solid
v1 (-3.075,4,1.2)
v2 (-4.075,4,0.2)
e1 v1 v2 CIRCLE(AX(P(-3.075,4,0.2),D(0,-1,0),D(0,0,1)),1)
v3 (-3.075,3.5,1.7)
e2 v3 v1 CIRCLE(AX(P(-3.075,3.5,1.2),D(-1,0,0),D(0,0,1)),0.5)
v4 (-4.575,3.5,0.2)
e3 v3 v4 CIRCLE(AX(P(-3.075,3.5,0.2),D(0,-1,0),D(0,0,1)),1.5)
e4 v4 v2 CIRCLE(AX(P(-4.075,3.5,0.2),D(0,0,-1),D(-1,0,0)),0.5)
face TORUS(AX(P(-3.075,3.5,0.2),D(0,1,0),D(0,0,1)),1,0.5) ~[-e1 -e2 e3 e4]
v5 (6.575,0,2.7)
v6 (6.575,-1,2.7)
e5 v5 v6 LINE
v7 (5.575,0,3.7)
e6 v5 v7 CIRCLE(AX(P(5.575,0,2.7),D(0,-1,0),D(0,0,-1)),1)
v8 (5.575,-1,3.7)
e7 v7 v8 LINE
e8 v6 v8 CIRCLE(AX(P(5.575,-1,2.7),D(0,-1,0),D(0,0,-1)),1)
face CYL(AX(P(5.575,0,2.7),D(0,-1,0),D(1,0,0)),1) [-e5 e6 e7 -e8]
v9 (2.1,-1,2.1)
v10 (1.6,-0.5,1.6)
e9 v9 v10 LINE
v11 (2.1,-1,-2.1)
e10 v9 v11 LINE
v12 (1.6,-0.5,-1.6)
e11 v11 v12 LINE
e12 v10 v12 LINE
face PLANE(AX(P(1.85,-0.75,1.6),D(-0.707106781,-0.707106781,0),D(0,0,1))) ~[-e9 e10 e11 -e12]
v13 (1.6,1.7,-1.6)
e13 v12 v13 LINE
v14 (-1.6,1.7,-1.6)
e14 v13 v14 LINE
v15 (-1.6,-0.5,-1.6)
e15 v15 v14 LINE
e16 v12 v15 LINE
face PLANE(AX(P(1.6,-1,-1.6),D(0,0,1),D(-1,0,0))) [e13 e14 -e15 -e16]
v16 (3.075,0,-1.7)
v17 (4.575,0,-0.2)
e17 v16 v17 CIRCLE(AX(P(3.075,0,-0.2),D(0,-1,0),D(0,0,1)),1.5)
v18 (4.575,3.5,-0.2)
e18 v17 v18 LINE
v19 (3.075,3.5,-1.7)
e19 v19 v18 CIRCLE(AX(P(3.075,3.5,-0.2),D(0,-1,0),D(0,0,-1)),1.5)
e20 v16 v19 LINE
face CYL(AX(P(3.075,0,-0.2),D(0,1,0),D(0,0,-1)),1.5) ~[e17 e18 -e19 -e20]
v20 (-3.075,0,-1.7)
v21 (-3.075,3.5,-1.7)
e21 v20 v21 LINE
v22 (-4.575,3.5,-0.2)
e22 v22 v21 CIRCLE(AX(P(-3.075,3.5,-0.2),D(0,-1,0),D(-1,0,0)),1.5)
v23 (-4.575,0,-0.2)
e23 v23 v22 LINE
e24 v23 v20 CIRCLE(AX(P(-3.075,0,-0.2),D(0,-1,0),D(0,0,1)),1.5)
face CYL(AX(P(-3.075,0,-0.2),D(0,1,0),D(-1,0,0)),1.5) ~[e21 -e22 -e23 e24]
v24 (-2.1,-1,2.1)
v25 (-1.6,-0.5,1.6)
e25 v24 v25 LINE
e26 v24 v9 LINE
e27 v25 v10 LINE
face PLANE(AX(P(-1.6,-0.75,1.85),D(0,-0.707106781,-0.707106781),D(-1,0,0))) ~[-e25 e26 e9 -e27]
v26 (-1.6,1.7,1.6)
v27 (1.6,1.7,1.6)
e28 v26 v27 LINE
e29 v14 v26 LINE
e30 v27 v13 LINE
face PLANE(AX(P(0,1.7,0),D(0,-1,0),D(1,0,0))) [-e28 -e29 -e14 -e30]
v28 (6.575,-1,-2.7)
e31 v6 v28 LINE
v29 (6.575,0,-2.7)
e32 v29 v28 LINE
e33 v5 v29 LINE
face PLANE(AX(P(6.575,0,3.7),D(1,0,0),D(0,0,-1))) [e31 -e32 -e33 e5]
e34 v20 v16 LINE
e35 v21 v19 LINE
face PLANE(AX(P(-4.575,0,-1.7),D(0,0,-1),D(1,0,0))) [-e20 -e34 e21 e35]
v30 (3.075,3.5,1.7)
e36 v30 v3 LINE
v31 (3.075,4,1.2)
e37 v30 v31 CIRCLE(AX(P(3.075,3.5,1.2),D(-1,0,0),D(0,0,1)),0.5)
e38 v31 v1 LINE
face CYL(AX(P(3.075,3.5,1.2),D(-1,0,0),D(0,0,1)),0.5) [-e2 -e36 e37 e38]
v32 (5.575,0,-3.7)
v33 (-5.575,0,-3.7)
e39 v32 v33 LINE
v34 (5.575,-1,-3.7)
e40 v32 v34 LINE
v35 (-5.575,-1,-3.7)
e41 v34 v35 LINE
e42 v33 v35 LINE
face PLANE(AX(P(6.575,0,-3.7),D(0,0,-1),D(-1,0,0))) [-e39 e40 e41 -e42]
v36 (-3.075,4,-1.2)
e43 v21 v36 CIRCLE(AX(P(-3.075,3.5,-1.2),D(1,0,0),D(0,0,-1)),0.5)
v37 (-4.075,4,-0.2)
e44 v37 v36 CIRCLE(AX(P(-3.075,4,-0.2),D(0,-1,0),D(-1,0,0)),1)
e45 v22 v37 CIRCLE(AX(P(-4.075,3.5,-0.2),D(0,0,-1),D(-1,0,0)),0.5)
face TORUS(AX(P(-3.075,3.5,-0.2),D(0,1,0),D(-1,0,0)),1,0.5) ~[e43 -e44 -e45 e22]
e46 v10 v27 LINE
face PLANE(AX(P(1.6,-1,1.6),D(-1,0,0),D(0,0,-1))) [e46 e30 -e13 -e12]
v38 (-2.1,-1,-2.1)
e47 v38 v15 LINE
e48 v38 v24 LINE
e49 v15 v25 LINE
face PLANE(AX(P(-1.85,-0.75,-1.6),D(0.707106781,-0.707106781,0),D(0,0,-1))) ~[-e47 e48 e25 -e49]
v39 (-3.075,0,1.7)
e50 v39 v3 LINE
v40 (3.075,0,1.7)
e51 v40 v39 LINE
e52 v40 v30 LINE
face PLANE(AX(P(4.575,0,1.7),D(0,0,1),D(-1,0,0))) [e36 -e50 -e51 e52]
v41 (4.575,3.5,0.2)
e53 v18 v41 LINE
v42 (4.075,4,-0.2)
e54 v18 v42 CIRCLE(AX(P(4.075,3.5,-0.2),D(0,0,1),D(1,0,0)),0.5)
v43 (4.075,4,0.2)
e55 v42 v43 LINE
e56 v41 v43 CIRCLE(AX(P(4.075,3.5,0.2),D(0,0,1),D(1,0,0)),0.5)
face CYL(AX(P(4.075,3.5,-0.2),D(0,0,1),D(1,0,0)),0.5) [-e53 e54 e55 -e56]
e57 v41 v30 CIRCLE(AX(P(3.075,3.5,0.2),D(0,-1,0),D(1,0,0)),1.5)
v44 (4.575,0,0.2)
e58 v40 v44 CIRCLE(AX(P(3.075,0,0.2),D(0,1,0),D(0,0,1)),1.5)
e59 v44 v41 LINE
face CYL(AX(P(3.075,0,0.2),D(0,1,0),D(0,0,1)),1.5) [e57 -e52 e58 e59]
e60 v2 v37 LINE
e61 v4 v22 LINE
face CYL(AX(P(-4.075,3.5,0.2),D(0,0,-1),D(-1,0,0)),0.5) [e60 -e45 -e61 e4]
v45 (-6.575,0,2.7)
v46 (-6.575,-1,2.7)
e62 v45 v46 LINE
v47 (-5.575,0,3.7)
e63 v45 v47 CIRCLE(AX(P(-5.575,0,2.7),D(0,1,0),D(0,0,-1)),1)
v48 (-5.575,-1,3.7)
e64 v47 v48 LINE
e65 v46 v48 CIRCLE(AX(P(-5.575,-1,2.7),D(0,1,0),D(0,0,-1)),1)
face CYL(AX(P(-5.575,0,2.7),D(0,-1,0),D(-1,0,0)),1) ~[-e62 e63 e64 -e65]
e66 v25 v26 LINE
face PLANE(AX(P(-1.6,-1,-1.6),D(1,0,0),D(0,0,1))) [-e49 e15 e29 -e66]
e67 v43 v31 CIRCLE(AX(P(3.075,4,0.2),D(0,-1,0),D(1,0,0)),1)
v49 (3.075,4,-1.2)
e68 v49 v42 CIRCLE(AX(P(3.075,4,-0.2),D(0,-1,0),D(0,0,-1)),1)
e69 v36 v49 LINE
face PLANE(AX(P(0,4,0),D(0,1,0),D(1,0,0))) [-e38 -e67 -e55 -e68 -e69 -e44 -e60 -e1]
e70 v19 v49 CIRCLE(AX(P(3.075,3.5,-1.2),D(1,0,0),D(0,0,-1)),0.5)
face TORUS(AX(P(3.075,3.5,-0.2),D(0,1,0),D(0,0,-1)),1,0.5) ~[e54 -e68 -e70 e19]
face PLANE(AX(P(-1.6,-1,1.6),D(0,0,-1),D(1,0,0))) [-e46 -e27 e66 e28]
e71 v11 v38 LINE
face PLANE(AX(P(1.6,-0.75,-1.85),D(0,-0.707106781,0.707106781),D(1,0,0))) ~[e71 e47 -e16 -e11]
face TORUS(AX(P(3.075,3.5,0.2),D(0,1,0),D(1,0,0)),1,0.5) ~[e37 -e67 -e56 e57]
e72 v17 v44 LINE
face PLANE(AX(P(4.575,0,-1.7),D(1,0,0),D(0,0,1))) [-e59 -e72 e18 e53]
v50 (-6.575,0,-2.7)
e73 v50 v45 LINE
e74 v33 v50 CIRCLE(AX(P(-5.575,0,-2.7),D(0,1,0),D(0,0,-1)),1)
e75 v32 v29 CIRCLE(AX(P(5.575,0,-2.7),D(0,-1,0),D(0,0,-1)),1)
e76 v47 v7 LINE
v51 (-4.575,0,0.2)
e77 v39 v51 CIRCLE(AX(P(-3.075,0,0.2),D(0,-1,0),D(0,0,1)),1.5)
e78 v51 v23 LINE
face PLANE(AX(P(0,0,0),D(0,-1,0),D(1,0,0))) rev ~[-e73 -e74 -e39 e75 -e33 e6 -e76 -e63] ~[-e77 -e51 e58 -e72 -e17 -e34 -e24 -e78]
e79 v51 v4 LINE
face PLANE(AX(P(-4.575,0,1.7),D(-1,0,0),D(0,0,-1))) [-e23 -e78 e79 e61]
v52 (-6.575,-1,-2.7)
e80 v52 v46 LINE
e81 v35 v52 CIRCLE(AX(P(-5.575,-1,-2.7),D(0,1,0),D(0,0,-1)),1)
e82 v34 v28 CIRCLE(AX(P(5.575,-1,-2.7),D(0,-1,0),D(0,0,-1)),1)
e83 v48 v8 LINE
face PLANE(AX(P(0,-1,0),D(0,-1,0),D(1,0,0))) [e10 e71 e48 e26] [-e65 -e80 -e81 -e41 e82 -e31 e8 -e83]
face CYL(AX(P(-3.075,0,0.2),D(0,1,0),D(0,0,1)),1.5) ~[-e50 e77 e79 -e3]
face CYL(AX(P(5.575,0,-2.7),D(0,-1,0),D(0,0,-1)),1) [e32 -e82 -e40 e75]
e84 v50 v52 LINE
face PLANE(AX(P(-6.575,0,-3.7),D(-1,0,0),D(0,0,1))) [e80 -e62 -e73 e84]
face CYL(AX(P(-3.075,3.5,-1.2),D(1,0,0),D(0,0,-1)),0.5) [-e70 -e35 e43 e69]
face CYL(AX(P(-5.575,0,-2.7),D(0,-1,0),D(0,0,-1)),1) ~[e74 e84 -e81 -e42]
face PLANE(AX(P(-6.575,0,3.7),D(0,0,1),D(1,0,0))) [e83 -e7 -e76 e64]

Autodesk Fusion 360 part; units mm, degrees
sketch "Sketch1" plane through (0, 0, 0) normal (0, 1, 0) x (1, 0, 0)
  line L0 (4.575, -1.7) -> (-4.575, -1.7)
  line L1 (-4.575, -1.7) -> (-4.575, 1.7)
  line L2 (-4.575, 1.7) -> (4.575, 1.7)
  line L3 (4.575, 1.7) -> (4.575, -1.7)
  line L4 (4.575, -1.7) -> (-4.575, 1.7) construction
  line L5 (-4.575, -1.7) -> (4.575, 1.7) construction
  dimension "d1" = 9.15
  dimension "d2" = 3.4
extrude "Extrude1" add sketch "Sketch1" along normal blind 4
sketch "Sketch2" plane through (0, 0, 0) normal (0, -1, 0) x (1, 0, 0)
  line L0 (-4.575, -1.7) -> (4.575, -1.7)
  line L1 (4.575, -1.7) -> (4.575, 1.7)
  line L2 (4.575, 1.7) -> (-4.575, 1.7)
  line L3 (-4.575, 1.7) -> (-4.575, -1.7)
  line L4 (6.575, -3.7) -> (-6.575, -3.7)
  line L5 (-6.575, -3.7) -> (-6.575, 3.7)
  line L6 (-6.575, 3.7) -> (6.575, 3.7)
  line L7 (6.575, 3.7) -> (6.575, -3.7)
  line L8 (6.575, -3.7) -> (-6.575, 3.7) construction
  line L9 (-6.575, -3.7) -> (6.575, 3.7) construction
  dimension "d5" = 13.15
  dimension "d6" = 7.4
extrude "Extrude2" add sketch "Sketch2" along normal blind 1 contours L0 L1 L2 L3 | L4 L5 L6 L7
fillet "Fillet1" radius 1.5 4 edges at (4.575, 2, 1.7) (4.575, 2, -1.7) (-4.575, 2, 1.7) (-4.575, 2, -1.7)
fillet "Fillet2" radius 0.5 8 edges at (4.1357, 4, -1.2607) (0, 4, -1.7) (-4.1357, 4, -1.2607) (-4.575, 4, 0) (-4.1357, 4, 1.2607) (0, 4, 1.7) (4.1357, 4, 1.2607) (4.575, 4, 0)
fillet "Fillet3" radius 1 4 edges at (6.575, -0.5, 3.7) (6.575, -0.5, -3.7) (-6.575, -0.5, 3.7) (-6.575, -0.5, -3.7)
sketch "Sketch3" plane through (0, -1, 0) normal (0, -1, 0) x (1, 0, 0)
  arc A0 (-6.575, -2.7) -> (-5.575, -3.7) centre (-5.575, -2.7) ccw
  line L0 (-5.575, -3.7) -> (5.575, -3.7)
  arc A1 (5.575, -3.7) -> (6.575, -2.7) centre (5.575, -2.7) ccw
  line L1 (6.575, -2.7) -> (6.575, 2.7)
  arc A2 (6.575, 2.7) -> (5.575, 3.7) centre (5.575, 2.7) ccw
  line L2 (5.575, 3.7) -> (-5.575, 3.7)
  arc A3 (-5.575, 3.7) -> (-6.575, 2.7) centre (-5.575, 2.7) ccw
  line L3 (-6.575, 2.7) -> (-6.575, -2.7)
  line L4 (1.6, -1.6) -> (-1.6, -1.6)
  line L5 (-1.6, -1.6) -> (-1.6, 1.6)
  line L6 (-1.6, 1.6) -> (1.6, 1.6)
  line L7 (1.6, 1.6) -> (1.6, -1.6)
  line L8 (1.6, -1.6) -> (-1.6, 1.6) construction
  line L9 (-1.6, -1.6) -> (1.6, 1.6) construction
  dimension "d12" = 3.2
  dimension "d13" = 3.2
extrude "Extrude3" cut sketch "Sketch3" against normal blind 2.7 contours L4 L5 L6 L7
chamfer "Chamfer1" distance 0.5 angle 45 4 edges at (1.6, -1, 0) (0, -1, -1.6) (0, -1, 1.6) (-1.6, -1, 0)
